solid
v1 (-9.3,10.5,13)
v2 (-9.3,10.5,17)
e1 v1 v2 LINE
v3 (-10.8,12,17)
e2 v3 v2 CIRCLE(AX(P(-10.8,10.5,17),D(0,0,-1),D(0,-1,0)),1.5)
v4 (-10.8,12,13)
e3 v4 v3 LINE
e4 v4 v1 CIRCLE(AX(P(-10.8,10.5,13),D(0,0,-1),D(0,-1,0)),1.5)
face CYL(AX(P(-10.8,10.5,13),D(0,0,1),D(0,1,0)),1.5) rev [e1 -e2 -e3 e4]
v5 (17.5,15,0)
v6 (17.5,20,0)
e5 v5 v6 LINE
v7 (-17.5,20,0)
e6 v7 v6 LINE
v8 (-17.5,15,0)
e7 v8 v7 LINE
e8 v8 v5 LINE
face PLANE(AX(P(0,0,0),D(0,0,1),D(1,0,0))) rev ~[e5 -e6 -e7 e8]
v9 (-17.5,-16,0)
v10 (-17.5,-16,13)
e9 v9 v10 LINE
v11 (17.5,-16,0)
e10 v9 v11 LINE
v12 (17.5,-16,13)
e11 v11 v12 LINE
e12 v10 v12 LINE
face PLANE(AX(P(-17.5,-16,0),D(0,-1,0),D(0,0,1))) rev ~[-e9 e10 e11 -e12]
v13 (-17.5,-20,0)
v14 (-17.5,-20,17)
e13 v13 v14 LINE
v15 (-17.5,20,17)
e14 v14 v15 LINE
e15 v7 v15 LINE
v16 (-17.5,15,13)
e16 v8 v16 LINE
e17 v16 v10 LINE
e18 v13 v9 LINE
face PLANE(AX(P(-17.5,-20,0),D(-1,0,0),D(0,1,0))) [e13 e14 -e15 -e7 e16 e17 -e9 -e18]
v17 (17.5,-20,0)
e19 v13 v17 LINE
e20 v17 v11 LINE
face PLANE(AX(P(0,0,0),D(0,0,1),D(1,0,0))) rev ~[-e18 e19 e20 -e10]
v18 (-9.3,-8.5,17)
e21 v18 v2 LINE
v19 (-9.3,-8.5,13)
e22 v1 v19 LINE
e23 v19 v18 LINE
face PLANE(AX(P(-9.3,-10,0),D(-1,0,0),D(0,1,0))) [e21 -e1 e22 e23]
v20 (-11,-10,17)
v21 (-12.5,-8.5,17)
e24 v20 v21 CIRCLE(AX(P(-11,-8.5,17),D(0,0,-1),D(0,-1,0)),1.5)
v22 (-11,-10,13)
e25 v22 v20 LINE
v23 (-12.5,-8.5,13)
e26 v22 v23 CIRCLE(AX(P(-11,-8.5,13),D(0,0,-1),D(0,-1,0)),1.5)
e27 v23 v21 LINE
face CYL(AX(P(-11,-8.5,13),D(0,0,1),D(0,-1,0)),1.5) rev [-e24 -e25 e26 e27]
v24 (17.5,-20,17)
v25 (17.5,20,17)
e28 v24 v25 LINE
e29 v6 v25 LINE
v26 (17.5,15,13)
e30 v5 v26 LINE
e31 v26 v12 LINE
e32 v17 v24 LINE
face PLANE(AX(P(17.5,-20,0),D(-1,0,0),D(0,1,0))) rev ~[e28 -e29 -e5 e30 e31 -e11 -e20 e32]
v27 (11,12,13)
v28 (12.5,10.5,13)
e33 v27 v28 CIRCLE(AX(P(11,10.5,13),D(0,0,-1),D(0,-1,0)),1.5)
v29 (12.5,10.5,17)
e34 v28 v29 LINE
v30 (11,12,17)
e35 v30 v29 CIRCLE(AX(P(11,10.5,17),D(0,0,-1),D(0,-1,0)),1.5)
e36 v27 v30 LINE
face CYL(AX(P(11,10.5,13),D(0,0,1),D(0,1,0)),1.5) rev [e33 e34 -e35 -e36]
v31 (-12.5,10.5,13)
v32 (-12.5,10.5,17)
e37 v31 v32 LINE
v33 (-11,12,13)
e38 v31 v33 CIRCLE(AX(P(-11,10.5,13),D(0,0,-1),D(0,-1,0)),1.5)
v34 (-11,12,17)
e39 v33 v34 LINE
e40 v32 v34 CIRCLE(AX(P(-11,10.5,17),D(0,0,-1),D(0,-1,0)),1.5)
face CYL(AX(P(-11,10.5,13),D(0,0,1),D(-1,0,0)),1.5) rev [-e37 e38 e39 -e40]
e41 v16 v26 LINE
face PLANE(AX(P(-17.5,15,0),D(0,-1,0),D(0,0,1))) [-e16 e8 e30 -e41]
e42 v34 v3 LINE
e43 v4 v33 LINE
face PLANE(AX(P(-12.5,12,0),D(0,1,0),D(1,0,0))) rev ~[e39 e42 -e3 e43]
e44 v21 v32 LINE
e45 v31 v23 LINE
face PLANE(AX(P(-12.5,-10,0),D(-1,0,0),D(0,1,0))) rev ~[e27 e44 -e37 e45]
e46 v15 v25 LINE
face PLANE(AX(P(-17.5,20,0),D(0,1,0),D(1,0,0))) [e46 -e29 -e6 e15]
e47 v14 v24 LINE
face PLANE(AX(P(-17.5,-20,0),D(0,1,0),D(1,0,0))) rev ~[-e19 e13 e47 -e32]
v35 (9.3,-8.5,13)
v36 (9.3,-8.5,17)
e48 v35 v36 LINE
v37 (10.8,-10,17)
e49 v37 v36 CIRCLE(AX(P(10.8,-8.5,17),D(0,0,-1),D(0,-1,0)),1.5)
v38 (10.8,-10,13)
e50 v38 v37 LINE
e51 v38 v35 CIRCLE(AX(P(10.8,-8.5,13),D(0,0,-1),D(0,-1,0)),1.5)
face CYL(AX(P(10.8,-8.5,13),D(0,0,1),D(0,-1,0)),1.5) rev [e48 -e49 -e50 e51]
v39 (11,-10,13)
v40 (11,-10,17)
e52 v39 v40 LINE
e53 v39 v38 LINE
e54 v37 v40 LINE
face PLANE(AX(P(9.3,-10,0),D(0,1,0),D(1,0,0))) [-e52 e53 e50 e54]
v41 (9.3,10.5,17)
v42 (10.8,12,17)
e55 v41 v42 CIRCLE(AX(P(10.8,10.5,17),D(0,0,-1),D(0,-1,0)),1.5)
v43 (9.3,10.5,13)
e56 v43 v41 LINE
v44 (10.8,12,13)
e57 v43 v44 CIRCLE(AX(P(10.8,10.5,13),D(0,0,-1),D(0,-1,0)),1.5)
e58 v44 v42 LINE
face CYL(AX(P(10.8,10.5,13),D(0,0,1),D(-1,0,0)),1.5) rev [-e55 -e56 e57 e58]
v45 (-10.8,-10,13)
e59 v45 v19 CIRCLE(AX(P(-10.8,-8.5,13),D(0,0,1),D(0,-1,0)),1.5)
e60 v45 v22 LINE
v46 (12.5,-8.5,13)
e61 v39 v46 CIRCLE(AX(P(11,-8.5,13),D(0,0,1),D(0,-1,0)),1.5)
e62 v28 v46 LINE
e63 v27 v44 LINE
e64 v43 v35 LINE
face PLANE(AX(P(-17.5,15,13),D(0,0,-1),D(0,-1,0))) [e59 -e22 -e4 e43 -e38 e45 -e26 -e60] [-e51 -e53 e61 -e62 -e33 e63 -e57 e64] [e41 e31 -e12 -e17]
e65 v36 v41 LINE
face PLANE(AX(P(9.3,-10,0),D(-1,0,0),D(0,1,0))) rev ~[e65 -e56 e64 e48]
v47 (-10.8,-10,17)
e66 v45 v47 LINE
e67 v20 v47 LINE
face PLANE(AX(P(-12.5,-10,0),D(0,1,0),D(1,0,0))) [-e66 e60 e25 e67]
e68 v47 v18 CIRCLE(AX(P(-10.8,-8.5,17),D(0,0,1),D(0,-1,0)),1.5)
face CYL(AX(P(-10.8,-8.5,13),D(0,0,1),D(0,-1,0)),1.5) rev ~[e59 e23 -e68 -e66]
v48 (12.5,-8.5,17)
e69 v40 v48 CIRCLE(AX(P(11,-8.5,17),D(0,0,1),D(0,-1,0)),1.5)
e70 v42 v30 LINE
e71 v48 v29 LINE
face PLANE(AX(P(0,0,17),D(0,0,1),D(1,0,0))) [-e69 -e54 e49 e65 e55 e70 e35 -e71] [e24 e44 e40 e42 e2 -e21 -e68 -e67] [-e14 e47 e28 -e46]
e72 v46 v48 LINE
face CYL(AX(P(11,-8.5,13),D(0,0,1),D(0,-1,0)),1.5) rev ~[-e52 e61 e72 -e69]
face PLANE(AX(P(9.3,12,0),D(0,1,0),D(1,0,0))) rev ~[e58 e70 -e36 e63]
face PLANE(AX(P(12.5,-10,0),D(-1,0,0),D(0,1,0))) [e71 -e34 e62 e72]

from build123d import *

# Parameters (mm, degrees)
F0_W     = 35
F0_H     = 40
F0_W_2   = 3.2
F0_H_2   = 22
F1_DEPTH = 17
F2_W     = 31
F2_H     = 13
F3_DEPTH = 35.001
F4_R     = 1.5


with BuildPart() as f1:
    # F0 (on Top) → F1 (new body)
    with BuildSketch(Plane.XY):
        Rectangle(F0_W, F0_H)
        with Locations((-10.9, 1)):
            Rectangle(F0_W_2, F0_H_2, mode=Mode.SUBTRACT)
        with Locations((10.9, 1)):
            Rectangle(F0_W_2, F0_H_2, mode=Mode.SUBTRACT)
    extrude(amount=F1_DEPTH)

    # F2 (on face) → F3 (cut, through all)
    with BuildSketch(Plane(origin=(-17.5, 0, 0), x_dir=(0, -1, 0), z_dir=(-1, 0, 0))):
        with Locations((0.5, 6.5)):
            Rectangle(F2_W, F2_H)
    extrude(amount=-F3_DEPTH, mode=Mode.SUBTRACT)

    # F4
    f4_edges = [f1.edges().sort_by_distance(p)[0] for p in [
        (-9.3, 12, 15),
        (-12.5, 12, 15),
        (-12.5, -10, 15),
        (-9.3, -10, 15),
        (9.3, -10, 15),
        (12.5, -10, 15),
        (9.3, 12, 15),
        (12.5, 12, 15),
    ]]
    fillet(f4_edges, radius=F4_R)


solid = f1.part
